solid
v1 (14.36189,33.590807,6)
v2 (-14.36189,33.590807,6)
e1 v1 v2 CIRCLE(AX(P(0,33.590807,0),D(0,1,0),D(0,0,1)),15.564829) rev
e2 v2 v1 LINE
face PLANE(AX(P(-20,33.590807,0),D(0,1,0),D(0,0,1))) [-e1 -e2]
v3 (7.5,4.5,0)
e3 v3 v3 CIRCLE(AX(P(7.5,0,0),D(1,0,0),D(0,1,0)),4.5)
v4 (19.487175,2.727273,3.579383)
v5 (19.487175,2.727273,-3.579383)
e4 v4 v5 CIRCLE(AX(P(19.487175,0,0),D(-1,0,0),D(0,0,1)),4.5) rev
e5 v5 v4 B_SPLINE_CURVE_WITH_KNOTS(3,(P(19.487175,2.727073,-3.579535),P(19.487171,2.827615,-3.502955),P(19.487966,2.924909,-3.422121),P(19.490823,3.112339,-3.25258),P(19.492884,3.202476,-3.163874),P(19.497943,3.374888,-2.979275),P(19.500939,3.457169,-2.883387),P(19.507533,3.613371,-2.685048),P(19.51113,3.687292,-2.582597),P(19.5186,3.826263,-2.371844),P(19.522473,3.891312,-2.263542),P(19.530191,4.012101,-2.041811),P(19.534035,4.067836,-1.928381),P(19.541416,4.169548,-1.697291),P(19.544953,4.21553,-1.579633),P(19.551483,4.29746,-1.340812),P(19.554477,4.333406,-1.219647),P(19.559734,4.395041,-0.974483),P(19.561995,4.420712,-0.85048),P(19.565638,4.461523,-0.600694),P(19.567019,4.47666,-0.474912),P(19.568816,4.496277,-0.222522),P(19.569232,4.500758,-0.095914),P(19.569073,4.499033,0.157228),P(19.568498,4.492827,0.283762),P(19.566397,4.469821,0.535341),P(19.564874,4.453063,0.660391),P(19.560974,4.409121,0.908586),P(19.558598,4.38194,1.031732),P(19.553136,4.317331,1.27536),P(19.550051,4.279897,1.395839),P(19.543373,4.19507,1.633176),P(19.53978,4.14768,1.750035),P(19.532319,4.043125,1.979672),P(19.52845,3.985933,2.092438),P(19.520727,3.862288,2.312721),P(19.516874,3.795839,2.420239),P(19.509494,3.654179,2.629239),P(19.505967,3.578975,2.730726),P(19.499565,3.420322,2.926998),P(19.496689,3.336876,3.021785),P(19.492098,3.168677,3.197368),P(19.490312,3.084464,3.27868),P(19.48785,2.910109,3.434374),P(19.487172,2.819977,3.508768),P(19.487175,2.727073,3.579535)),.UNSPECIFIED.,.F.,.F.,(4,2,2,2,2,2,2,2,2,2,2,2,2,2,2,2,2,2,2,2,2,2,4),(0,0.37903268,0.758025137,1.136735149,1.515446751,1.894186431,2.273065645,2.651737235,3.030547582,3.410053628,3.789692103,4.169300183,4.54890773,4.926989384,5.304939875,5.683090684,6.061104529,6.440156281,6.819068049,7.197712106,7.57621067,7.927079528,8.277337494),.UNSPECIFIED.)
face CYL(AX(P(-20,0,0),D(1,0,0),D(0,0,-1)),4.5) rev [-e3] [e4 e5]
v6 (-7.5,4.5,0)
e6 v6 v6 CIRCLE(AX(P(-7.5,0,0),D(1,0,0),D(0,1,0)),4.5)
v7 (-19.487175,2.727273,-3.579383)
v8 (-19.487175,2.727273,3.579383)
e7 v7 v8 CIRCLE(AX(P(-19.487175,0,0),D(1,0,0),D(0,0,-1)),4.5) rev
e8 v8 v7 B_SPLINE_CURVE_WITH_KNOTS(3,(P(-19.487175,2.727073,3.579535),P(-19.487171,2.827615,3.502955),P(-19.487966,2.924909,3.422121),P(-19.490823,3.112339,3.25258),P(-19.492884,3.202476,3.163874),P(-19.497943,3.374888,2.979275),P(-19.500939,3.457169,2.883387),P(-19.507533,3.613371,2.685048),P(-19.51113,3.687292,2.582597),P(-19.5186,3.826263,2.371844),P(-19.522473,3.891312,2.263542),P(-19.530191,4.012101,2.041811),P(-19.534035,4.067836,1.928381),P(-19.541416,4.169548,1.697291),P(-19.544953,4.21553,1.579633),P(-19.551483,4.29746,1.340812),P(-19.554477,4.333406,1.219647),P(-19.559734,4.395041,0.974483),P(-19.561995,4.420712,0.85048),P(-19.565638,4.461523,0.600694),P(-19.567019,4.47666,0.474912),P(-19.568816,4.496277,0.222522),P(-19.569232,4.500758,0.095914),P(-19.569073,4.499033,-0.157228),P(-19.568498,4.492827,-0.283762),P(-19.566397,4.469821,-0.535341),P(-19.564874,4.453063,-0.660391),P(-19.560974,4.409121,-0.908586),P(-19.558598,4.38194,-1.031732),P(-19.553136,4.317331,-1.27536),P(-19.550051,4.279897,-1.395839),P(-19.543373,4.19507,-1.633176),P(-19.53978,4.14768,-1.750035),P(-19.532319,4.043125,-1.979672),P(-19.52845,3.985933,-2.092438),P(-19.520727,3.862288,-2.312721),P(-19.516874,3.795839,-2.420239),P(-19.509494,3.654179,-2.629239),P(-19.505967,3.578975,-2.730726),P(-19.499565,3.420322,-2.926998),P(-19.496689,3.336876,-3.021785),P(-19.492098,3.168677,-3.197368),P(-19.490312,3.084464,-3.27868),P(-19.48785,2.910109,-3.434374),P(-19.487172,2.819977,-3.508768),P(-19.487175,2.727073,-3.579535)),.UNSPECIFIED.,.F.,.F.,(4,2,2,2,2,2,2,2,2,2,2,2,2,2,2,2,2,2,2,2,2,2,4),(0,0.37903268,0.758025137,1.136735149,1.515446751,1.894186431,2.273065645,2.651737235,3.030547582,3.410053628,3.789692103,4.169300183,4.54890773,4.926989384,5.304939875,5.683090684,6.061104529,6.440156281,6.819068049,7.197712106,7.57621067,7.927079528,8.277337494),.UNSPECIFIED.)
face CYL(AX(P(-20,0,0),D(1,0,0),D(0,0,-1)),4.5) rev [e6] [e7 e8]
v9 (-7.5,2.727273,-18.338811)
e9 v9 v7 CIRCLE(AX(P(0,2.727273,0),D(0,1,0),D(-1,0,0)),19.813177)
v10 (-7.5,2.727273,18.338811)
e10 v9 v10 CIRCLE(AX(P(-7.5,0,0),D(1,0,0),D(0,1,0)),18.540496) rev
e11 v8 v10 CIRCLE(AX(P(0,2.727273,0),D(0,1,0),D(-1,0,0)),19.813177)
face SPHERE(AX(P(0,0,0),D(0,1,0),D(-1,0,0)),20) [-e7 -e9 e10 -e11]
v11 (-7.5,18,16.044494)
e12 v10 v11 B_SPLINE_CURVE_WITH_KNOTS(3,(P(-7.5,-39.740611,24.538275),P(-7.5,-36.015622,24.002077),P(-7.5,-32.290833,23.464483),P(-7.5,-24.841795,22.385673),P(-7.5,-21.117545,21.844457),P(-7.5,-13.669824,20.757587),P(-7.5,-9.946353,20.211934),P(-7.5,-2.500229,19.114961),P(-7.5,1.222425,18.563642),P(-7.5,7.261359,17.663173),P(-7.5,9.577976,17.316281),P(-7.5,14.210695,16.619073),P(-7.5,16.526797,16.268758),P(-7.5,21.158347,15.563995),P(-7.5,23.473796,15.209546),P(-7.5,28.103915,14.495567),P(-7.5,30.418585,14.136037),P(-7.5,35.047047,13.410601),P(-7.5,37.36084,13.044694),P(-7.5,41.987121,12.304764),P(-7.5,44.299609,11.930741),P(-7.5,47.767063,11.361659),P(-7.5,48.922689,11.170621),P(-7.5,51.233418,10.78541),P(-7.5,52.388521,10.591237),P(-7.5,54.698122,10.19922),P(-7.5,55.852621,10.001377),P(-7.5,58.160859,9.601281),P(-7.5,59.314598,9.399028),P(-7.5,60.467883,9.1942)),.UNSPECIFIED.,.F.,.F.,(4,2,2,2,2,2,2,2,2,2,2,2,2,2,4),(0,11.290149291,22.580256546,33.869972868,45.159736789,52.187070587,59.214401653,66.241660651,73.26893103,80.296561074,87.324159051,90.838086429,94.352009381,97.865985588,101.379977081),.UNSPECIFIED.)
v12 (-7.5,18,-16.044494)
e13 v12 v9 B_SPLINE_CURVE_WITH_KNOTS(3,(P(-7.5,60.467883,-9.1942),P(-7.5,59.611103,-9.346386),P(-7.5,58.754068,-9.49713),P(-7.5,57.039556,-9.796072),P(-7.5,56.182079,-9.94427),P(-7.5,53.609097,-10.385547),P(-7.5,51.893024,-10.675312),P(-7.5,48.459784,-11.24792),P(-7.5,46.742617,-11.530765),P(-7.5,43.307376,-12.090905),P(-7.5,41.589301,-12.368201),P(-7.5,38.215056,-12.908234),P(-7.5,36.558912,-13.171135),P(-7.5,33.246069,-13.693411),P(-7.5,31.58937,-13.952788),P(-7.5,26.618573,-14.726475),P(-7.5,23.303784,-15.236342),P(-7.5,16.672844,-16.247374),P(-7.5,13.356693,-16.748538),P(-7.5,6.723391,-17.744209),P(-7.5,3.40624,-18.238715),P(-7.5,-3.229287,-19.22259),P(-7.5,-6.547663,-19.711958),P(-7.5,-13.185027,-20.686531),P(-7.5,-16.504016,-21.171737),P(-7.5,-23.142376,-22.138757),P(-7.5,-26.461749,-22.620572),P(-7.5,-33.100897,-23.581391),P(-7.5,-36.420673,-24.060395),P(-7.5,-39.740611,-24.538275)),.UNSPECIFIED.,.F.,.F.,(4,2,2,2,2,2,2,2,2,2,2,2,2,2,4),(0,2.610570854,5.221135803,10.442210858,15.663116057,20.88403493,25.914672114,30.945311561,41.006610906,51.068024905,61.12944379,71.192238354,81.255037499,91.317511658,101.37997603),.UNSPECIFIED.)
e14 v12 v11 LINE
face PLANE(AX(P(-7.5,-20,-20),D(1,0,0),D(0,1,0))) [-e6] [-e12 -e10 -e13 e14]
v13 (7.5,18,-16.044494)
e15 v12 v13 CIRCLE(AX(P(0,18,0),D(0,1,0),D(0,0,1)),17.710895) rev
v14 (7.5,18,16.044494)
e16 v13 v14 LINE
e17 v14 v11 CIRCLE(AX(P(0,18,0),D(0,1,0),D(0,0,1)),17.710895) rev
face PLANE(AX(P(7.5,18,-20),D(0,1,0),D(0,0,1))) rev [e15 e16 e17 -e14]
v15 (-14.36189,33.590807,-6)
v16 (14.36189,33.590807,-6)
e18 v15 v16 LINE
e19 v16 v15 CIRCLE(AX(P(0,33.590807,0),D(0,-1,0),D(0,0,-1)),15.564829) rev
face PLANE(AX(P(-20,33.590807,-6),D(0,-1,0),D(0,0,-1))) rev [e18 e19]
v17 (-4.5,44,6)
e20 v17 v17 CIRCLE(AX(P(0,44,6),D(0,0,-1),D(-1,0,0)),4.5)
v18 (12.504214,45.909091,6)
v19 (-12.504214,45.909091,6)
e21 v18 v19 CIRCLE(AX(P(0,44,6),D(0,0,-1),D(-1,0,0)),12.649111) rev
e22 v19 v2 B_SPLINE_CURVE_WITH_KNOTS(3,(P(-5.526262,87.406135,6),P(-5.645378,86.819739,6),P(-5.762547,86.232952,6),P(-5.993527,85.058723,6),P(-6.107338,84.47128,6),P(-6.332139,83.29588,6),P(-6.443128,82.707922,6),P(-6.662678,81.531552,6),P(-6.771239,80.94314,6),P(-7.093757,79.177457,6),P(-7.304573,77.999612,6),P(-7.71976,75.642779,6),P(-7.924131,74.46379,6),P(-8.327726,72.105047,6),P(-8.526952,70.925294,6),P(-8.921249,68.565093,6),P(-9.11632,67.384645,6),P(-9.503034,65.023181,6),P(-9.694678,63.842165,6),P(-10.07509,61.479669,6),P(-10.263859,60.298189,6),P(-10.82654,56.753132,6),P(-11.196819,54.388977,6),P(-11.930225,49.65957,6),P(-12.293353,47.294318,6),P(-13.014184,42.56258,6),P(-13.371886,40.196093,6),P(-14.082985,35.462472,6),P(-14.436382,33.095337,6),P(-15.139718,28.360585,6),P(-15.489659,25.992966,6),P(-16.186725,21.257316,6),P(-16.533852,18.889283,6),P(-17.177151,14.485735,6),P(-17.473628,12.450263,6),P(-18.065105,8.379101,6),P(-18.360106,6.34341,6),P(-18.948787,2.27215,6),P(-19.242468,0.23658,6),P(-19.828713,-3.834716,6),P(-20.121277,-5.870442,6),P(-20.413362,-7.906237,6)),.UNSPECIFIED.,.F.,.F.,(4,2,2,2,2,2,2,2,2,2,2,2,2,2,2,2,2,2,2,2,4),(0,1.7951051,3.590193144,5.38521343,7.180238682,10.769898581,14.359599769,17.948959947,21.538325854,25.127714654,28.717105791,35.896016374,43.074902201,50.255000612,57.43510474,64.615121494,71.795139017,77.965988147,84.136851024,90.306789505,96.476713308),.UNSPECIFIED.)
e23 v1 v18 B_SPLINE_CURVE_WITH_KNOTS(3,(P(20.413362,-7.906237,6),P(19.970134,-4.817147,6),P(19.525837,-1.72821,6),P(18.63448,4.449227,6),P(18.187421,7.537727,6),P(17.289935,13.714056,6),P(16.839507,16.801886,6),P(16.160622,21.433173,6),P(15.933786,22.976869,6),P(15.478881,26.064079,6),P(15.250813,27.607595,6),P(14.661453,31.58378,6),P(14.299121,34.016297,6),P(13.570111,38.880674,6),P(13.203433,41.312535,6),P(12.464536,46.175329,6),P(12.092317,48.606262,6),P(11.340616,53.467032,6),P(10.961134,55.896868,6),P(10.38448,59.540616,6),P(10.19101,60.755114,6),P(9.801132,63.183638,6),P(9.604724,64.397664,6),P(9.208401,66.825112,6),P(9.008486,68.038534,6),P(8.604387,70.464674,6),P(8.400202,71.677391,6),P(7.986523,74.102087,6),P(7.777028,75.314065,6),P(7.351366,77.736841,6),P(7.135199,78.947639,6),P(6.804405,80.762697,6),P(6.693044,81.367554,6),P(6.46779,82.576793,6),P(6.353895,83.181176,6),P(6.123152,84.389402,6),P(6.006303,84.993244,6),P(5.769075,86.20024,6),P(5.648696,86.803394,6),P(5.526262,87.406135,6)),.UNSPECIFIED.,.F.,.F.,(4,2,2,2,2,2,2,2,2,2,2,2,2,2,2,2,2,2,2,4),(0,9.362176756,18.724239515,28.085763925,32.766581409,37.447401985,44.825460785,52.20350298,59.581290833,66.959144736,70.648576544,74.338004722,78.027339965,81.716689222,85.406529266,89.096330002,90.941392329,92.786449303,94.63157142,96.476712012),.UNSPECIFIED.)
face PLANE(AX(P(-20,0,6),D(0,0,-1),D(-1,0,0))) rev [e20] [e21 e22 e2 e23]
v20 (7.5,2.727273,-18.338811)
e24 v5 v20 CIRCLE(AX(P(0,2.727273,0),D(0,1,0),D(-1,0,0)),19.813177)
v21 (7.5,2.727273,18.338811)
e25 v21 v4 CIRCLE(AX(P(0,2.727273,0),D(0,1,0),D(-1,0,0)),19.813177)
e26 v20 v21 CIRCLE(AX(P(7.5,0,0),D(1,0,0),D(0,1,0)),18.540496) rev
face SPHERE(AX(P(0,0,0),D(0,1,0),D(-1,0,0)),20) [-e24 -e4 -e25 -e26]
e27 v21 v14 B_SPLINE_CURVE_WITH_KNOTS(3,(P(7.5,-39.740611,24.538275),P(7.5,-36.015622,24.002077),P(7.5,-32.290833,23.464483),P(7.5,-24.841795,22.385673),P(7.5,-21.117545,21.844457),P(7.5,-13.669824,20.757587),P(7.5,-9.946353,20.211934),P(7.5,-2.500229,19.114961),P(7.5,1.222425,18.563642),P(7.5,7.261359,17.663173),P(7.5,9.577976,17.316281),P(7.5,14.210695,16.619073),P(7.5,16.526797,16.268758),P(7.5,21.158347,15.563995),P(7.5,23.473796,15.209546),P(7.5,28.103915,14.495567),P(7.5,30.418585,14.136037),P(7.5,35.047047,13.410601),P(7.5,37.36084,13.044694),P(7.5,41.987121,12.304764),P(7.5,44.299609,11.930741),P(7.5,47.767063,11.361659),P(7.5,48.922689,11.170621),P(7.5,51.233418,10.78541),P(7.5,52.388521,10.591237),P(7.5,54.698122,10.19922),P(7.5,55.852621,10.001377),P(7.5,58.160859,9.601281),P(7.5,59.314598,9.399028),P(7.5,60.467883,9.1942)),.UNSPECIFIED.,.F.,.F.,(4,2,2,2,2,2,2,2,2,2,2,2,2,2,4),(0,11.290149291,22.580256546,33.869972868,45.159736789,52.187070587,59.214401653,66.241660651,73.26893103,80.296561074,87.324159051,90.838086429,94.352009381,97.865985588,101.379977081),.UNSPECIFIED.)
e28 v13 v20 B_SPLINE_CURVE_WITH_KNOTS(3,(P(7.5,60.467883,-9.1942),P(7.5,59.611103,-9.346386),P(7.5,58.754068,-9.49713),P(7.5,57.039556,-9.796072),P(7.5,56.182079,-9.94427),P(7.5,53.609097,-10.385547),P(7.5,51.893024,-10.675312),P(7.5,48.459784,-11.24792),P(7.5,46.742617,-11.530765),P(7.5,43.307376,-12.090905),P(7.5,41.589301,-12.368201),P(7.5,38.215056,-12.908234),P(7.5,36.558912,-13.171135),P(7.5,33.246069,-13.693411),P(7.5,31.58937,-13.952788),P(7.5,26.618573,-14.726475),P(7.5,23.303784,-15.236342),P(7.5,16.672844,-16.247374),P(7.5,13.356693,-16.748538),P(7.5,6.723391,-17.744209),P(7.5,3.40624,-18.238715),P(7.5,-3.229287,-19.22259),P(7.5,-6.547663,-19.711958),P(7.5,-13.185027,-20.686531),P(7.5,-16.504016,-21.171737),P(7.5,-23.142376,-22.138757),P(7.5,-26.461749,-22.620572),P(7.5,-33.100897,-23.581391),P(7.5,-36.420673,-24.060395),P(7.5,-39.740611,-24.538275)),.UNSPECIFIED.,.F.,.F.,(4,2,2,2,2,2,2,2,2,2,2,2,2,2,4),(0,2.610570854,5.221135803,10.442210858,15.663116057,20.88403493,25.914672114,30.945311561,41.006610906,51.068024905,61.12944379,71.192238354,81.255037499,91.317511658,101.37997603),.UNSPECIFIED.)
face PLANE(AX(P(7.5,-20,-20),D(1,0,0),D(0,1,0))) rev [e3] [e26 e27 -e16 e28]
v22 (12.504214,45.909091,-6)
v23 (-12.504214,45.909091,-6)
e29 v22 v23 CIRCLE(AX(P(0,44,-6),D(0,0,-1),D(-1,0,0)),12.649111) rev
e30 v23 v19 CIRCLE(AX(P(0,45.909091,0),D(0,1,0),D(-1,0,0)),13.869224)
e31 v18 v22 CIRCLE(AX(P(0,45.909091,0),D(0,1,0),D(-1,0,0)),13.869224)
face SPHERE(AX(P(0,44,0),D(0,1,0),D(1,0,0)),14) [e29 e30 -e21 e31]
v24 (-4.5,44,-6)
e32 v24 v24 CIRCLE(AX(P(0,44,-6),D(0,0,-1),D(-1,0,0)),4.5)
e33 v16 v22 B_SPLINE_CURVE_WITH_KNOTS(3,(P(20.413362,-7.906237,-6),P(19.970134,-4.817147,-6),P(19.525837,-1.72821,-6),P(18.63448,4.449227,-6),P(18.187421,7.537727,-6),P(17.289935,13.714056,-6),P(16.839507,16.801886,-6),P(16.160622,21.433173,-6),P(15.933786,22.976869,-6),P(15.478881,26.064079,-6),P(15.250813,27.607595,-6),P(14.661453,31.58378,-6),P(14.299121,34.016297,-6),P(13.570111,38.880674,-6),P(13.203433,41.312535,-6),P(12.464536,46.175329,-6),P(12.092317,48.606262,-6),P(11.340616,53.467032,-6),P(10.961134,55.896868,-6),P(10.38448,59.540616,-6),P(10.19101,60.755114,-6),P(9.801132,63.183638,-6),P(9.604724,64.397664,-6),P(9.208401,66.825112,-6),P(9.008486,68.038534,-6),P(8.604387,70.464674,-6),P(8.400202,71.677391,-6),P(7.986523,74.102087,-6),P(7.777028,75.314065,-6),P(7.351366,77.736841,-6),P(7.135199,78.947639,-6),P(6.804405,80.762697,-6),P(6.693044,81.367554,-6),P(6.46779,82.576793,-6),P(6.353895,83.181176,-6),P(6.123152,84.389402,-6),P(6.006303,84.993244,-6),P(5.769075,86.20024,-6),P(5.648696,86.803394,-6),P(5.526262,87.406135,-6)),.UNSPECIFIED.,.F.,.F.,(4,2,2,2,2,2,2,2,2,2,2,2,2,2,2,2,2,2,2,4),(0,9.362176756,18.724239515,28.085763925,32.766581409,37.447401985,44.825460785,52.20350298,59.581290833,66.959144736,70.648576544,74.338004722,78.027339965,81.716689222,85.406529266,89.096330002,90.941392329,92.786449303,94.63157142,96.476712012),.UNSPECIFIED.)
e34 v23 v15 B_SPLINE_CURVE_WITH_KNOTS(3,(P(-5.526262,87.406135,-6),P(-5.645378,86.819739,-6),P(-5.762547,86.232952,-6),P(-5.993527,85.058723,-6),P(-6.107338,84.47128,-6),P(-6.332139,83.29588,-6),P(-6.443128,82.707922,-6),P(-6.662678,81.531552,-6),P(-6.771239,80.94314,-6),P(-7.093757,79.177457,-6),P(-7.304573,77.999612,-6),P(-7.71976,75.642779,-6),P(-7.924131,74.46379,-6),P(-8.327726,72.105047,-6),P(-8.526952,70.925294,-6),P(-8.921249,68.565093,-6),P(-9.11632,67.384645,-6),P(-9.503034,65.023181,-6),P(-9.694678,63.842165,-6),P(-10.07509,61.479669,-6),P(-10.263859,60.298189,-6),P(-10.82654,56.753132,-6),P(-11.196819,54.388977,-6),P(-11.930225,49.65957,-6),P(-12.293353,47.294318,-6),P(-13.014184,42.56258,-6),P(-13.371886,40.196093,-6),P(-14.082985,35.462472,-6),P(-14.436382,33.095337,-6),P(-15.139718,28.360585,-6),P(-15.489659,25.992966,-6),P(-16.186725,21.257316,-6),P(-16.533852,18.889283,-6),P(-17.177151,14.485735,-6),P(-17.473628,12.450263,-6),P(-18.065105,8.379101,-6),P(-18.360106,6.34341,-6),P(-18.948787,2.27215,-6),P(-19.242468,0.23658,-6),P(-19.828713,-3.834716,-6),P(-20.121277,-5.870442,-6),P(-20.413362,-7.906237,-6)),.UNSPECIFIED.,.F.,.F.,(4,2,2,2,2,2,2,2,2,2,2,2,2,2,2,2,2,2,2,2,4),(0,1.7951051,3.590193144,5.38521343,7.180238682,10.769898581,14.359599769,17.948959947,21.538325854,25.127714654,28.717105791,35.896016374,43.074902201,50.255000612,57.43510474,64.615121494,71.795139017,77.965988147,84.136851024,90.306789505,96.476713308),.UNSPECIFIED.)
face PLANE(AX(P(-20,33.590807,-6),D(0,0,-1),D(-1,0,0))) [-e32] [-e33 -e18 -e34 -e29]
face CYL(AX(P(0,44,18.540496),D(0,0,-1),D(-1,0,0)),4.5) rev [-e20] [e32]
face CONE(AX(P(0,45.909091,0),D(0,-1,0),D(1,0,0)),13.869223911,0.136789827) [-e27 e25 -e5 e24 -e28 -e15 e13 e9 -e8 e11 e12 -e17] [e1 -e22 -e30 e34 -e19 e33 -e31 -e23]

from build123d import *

# Parameters (mm, degrees)
SKETCH6_W               = 15
SKETCH6_H               = 38
CUT_EXTRUDE3_DEPTH      = 21
CUT_EXTRUDE3_DEPTH_BACK = 21
SKETCH10_W              = 17.380716029
SKETCH10_H              = 23.242829716
CUT_EXTRUDE4_DEPTH      = 21
CUT_EXTRUDE4_DEPTH_BACK = 21
SKETCH11_R              = 4.5
CUT_EXTRUDE5_DEPTH      = 13.540496218
CUT_EXTRUDE5_DEPTH_BACK = 25.540496218
SKETCH12_R              = 4.5
CUT_EXTRUDE6_DEPTH      = 21
CUT_EXTRUDE6_DEPTH_BACK = 21


with BuildPart() as part:
    # Sketch1 → Revolve1 (revolve)
    with BuildSketch(Plane.XY):
        with BuildLine():
            Line((-13.869223911, 45.909090909), (-19.813177016, 2.727272727))
            ThreePointArc((-19.813177016, 2.727272727), (-15.075567229, -13.142574813), (0, -20))
            Line((0, -20), (0, 58))
            ThreePointArc((0, 58), (-9.199802369, 54.55289706), (-13.869223911, 45.909090909))
        make_face()
    revolve(axis=Axis((0, 58, 0), (0, -1, 0)))

    # Sketch6 → Cut-Extrude3 (cut, two sides)
    with BuildSketch(Plane.XY) as cut_extrude3_sk:
        with Locations((0, -1)):
            Rectangle(SKETCH6_W, SKETCH6_H)
    extrude(amount=CUT_EXTRUDE3_DEPTH, mode=Mode.SUBTRACT)
    extrude(cut_extrude3_sk.sketch, amount=-CUT_EXTRUDE3_DEPTH_BACK, mode=Mode.SUBTRACT)

    # Sketch10 → Cut-Extrude4 (cut, two sides)
    with BuildSketch(Plane(origin=(0, 0, 0), x_dir=(0, 0, -1), z_dir=(1, 0, 0))) as cut_extrude4_sk:
        with Locations((-14.690358015, 45.212221832)):
            Rectangle(SKETCH10_W, SKETCH10_H)
        with Locations((14.690358015, 45.212221832)):
            Rectangle(SKETCH10_W, SKETCH10_H)
    extrude(amount=CUT_EXTRUDE4_DEPTH, mode=Mode.SUBTRACT)
    extrude(cut_extrude4_sk.sketch, amount=-CUT_EXTRUDE4_DEPTH_BACK, mode=Mode.SUBTRACT)

    # Sketch11 → Cut-Extrude5 (cut, two sides)
    with BuildSketch(Plane(origin=(0, 0, -6), x_dir=(-1, 0, 0), z_dir=(0, 0, -1))) as cut_extrude5_sk:
        with Locations((0, 44)):
            Circle(SKETCH11_R)
    extrude(amount=CUT_EXTRUDE5_DEPTH, mode=Mode.SUBTRACT)
    extrude(cut_extrude5_sk.sketch, amount=-CUT_EXTRUDE5_DEPTH_BACK, mode=Mode.SUBTRACT)

    # Sketch12 → Cut-Extrude6 (cut, two sides)
    with BuildSketch(Plane(origin=(0, 0, 0), x_dir=(0, 0, -1), z_dir=(1, 0, 0))) as cut_extrude6_sk:
        Circle(SKETCH12_R)
    extrude(amount=CUT_EXTRUDE6_DEPTH, mode=Mode.SUBTRACT)
    extrude(cut_extrude6_sk.sketch, amount=-CUT_EXTRUDE6_DEPTH_BACK, mode=Mode.SUBTRACT)


solid = part.part
